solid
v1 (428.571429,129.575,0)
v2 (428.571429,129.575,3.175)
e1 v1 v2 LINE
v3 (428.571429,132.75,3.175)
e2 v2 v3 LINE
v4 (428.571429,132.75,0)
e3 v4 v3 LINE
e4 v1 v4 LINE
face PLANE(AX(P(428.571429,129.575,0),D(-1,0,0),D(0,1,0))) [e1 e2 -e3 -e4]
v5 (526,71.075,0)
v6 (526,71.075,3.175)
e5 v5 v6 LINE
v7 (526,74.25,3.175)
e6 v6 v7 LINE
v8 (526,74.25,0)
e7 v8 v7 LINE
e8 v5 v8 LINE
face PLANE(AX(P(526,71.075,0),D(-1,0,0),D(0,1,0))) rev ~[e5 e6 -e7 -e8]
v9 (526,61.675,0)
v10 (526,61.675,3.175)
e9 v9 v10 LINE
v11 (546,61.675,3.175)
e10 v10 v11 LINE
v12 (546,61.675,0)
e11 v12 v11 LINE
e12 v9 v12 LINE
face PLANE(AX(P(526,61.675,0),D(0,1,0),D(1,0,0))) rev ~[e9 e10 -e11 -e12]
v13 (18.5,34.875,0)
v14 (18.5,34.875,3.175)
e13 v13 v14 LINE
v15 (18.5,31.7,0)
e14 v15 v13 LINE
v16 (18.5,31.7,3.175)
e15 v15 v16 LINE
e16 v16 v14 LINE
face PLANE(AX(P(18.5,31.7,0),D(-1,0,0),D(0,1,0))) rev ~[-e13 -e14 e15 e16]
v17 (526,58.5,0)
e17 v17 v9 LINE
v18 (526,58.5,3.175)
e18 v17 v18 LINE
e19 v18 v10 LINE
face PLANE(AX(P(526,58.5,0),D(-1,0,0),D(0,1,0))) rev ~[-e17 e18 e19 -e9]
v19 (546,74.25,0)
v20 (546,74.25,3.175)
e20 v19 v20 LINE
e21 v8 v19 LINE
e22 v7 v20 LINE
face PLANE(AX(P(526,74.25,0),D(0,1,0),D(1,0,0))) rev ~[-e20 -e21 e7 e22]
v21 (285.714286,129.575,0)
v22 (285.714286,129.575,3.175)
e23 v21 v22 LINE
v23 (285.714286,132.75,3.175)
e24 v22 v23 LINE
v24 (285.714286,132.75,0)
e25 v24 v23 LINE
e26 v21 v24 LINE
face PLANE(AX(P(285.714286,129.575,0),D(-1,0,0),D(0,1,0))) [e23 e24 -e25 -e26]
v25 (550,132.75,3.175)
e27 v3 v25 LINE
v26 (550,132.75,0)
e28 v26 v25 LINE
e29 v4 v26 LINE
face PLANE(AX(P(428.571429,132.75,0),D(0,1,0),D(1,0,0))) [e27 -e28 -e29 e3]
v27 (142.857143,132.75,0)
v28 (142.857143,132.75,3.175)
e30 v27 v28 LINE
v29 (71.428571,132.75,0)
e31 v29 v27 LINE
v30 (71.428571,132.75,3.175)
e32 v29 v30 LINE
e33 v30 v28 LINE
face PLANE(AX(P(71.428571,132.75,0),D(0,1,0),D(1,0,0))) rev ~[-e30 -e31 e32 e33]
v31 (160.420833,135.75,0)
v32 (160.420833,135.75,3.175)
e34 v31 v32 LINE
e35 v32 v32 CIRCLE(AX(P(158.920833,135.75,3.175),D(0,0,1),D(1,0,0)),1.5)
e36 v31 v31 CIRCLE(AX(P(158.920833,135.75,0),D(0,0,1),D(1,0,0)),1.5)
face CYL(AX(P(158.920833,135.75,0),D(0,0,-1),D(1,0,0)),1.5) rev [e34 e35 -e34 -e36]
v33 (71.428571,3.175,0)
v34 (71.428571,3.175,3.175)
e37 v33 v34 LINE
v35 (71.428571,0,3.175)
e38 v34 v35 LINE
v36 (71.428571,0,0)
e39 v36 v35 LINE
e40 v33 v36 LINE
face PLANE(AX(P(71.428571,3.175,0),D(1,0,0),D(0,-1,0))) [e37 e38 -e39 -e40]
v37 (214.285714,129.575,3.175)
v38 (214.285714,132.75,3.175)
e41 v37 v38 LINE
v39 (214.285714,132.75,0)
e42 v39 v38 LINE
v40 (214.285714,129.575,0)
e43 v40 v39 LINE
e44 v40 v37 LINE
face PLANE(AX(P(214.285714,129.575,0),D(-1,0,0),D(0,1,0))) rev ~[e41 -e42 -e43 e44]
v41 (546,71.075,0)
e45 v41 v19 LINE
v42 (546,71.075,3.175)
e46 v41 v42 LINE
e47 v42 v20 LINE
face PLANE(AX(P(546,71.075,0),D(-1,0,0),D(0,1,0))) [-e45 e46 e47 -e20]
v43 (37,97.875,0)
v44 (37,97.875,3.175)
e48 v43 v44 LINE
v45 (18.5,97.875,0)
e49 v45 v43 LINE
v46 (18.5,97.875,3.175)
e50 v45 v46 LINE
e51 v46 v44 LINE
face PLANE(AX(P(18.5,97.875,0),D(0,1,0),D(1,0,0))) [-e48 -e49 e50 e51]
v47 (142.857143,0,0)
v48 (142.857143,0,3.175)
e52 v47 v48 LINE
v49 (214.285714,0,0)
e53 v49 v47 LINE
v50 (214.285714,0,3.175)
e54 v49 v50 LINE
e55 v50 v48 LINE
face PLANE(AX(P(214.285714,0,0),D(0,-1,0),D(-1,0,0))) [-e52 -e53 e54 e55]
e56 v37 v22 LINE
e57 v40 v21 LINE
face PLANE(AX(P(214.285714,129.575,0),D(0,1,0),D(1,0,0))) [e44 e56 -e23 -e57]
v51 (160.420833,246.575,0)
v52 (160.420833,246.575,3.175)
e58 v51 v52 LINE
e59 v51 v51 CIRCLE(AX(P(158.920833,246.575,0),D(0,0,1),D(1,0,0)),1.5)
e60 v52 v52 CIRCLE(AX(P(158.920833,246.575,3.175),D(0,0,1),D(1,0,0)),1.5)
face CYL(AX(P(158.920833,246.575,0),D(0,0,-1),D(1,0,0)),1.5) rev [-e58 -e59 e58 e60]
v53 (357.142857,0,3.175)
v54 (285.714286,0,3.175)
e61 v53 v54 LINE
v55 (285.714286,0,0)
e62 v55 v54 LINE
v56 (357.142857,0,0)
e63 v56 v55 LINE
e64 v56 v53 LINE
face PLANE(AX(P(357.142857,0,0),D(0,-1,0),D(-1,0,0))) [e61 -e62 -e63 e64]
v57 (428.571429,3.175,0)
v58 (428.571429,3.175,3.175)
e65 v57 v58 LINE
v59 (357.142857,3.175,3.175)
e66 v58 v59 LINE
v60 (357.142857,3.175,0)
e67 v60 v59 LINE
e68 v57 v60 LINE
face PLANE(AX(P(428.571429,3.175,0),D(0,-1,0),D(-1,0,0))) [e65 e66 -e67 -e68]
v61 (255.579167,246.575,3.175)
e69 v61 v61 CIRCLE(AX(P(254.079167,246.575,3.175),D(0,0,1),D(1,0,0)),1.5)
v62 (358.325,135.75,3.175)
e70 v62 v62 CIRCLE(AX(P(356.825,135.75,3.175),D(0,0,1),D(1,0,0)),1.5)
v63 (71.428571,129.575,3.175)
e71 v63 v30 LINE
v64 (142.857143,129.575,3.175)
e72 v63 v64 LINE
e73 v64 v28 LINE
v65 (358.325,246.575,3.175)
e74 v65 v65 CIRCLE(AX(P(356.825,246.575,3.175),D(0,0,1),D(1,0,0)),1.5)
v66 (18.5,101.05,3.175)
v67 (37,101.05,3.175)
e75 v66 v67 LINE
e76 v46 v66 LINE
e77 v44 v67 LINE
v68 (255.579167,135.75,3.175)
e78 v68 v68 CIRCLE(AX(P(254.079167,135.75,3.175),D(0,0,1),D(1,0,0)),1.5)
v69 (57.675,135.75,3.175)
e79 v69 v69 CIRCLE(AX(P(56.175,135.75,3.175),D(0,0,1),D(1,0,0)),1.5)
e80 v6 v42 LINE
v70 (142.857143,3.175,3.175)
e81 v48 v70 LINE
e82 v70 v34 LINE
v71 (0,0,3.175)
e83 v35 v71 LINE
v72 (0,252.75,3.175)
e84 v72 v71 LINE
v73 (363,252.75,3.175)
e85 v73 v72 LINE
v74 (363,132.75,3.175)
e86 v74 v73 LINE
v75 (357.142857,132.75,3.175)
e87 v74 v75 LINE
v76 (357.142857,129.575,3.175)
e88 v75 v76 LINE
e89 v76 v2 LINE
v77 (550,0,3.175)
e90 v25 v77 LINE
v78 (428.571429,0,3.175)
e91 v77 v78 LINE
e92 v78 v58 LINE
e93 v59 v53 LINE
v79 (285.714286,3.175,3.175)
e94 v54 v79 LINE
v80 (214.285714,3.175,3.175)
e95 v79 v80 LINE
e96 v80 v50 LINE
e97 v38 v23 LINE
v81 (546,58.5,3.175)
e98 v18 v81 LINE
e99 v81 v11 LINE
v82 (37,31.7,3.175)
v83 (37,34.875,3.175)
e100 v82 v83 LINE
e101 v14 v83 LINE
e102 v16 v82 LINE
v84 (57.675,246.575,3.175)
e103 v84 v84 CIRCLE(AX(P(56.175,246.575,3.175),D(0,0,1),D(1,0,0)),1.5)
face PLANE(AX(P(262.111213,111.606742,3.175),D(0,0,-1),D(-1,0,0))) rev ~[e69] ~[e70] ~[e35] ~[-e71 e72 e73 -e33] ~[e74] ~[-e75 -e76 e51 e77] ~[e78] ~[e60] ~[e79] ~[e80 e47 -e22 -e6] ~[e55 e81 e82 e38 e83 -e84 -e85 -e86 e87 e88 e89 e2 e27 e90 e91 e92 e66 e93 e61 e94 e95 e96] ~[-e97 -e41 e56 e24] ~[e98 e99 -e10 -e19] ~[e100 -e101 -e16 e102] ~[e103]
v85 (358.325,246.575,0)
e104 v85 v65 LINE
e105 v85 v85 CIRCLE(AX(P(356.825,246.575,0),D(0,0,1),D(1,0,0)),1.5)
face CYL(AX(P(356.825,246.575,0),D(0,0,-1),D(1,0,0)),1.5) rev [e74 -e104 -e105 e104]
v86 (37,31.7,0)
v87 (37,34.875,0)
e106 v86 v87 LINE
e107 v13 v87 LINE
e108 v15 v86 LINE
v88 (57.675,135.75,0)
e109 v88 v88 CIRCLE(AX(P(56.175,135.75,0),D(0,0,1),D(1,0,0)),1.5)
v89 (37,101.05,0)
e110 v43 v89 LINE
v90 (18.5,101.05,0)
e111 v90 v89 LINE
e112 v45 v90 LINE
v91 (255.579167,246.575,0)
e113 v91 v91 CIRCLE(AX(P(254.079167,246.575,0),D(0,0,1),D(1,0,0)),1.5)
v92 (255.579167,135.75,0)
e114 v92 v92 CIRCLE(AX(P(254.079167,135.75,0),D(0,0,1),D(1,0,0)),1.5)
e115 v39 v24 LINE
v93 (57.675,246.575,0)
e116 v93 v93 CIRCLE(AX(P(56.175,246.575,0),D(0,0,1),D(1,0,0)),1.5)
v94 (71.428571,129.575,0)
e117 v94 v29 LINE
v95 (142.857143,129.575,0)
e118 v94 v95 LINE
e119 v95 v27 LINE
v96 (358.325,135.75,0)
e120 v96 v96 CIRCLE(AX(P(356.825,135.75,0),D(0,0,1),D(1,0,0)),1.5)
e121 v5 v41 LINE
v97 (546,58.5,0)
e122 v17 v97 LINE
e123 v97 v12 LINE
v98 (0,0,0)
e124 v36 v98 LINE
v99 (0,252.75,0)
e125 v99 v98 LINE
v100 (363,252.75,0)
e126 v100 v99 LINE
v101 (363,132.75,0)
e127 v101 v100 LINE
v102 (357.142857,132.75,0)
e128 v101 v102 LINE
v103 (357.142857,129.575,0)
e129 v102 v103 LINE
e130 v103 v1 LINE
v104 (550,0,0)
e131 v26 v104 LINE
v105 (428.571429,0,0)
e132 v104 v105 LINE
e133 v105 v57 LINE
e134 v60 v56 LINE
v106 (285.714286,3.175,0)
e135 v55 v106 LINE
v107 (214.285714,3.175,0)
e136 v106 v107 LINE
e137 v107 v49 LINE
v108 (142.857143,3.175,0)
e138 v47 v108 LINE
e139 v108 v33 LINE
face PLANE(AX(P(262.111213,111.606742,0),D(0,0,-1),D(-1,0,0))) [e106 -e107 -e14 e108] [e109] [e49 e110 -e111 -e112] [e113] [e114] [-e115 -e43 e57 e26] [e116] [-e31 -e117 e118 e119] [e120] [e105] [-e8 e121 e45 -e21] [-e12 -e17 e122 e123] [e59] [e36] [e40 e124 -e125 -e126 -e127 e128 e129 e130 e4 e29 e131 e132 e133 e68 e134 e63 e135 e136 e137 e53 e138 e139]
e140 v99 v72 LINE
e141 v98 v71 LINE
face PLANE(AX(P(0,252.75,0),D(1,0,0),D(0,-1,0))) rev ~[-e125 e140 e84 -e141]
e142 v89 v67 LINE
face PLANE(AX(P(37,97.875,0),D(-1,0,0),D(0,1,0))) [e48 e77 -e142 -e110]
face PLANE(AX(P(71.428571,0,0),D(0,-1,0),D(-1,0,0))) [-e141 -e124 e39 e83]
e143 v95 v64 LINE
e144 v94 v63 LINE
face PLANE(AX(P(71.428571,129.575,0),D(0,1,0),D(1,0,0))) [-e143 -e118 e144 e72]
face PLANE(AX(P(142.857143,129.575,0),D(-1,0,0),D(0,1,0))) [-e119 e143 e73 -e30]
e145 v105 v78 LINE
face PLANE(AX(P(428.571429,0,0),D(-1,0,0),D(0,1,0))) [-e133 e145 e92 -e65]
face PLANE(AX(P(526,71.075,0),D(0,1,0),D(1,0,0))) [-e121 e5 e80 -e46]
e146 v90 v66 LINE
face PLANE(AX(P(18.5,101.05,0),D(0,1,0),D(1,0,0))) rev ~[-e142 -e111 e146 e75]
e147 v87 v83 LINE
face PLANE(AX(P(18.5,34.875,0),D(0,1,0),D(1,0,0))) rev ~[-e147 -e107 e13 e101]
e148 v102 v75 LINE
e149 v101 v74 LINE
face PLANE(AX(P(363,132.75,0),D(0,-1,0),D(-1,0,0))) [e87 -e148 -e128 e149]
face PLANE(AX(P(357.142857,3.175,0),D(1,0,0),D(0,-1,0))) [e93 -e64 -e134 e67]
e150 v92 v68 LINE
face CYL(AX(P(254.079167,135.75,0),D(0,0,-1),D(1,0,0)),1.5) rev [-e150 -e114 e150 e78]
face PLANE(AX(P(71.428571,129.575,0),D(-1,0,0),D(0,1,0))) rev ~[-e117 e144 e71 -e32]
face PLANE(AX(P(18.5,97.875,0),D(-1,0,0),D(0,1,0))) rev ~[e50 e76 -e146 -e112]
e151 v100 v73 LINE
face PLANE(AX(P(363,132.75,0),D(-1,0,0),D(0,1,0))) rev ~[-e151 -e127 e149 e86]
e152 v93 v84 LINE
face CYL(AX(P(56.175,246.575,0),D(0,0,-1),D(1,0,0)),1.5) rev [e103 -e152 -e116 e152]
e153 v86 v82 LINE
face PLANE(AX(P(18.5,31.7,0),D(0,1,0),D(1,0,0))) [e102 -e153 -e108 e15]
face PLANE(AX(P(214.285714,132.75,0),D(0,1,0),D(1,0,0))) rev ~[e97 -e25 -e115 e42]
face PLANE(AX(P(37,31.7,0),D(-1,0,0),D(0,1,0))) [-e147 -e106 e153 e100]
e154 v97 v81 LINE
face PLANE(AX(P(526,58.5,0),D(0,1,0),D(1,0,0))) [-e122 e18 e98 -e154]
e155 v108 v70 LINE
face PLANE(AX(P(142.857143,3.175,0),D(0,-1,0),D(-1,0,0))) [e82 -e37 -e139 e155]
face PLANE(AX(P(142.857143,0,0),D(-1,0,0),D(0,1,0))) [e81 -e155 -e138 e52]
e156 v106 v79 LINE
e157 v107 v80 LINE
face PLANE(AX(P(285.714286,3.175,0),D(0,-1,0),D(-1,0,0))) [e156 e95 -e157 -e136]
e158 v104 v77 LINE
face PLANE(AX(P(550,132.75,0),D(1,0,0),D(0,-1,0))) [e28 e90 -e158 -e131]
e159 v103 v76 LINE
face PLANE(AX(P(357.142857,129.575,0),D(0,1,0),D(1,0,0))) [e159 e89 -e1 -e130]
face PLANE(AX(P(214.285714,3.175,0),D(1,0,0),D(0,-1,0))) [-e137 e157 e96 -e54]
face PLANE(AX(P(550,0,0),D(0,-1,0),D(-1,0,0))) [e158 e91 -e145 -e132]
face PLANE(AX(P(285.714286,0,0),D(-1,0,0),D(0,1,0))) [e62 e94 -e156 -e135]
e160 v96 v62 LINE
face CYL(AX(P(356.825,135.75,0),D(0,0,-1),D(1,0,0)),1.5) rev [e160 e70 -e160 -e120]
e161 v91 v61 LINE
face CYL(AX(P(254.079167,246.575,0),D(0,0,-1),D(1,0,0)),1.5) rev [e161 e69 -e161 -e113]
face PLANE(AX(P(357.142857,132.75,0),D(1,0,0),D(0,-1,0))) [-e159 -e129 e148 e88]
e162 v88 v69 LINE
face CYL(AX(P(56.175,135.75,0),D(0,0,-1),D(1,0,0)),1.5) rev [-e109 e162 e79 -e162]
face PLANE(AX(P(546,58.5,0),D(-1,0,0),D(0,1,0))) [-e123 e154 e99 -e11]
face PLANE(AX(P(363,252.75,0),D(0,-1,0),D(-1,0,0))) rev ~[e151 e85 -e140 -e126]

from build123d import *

# Parameters (mm, degrees)
SKETCH1_R           = 1.5
SKETCH1_W           = 71.428571428
SKETCH1_H           = 3.175
SKETCH1_W_2         = 20
SKETCH1_W_3         = 18.5
BOSS_EXTRUDE1_DEPTH = 3.175


with BuildPart() as part:
    # Sketch1 → Boss-Extrude1 (new body)
    with BuildSketch(Plane.XY):
        Polygon((0, 0), (0, 132.75), (0, 252.75), (328.222222222, 252.75), (363, 252.75), (363, 228.115), (363, 132.75), (357.142857143, 132.75), (357.142857143, 129.575), (428.571428571, 129.575), (428.571428571, 132.75), (550, 132.75), (550, 0), (428.571428571, 0), (428.571428571, 3.175), (357.142857143, 3.175), (357.142857143, 0), (285.714285714, 0), (285.714285714, 3.175), (214.285714286, 3.175), (214.285714286, 0), (142.857142857, 0), (142.857142857, 3.175), (71.428571429, 3.175), (71.428571429, 0), align=None)
        with Locations((56.175, 246.575)):
            Circle(SKETCH1_R, mode=Mode.SUBTRACT)
        with Locations((158.920833333, 135.75)):
            Circle(SKETCH1_R, mode=Mode.SUBTRACT)
        with Locations((158.920833333, 246.575)):
            Circle(SKETCH1_R, mode=Mode.SUBTRACT)
        with Locations((254.079166667, 246.575)):
            Circle(SKETCH1_R, mode=Mode.SUBTRACT)
        with Locations((254.079166667, 135.75)):
            Circle(SKETCH1_R, mode=Mode.SUBTRACT)
        with Locations((356.825, 135.75)):
            Circle(SKETCH1_R, mode=Mode.SUBTRACT)
        with Locations((356.825, 246.575)):
            Circle(SKETCH1_R, mode=Mode.SUBTRACT)
        with Locations((56.175, 135.75)):
            Circle(SKETCH1_R, mode=Mode.SUBTRACT)
        with Locations((107.142857143, 131.1625)):
            Rectangle(SKETCH1_W, SKETCH1_H, mode=Mode.SUBTRACT)
        with Locations((250, 131.1625)):
            Rectangle(SKETCH1_W, SKETCH1_H, mode=Mode.SUBTRACT)
        with Locations((536, 60.0875)):
            Rectangle(SKETCH1_W_2, SKETCH1_H, mode=Mode.SUBTRACT)
        with Locations((536, 72.6625)):
            Rectangle(SKETCH1_W_2, SKETCH1_H, mode=Mode.SUBTRACT)
        with Locations((27.75, 33.2875)):
            Rectangle(SKETCH1_W_3, SKETCH1_H, mode=Mode.SUBTRACT)
        with Locations((27.75, 99.4625)):
            Rectangle(SKETCH1_W_3, SKETCH1_H, mode=Mode.SUBTRACT)
    extrude(amount=BOSS_EXTRUDE1_DEPTH)


solid = part.part
